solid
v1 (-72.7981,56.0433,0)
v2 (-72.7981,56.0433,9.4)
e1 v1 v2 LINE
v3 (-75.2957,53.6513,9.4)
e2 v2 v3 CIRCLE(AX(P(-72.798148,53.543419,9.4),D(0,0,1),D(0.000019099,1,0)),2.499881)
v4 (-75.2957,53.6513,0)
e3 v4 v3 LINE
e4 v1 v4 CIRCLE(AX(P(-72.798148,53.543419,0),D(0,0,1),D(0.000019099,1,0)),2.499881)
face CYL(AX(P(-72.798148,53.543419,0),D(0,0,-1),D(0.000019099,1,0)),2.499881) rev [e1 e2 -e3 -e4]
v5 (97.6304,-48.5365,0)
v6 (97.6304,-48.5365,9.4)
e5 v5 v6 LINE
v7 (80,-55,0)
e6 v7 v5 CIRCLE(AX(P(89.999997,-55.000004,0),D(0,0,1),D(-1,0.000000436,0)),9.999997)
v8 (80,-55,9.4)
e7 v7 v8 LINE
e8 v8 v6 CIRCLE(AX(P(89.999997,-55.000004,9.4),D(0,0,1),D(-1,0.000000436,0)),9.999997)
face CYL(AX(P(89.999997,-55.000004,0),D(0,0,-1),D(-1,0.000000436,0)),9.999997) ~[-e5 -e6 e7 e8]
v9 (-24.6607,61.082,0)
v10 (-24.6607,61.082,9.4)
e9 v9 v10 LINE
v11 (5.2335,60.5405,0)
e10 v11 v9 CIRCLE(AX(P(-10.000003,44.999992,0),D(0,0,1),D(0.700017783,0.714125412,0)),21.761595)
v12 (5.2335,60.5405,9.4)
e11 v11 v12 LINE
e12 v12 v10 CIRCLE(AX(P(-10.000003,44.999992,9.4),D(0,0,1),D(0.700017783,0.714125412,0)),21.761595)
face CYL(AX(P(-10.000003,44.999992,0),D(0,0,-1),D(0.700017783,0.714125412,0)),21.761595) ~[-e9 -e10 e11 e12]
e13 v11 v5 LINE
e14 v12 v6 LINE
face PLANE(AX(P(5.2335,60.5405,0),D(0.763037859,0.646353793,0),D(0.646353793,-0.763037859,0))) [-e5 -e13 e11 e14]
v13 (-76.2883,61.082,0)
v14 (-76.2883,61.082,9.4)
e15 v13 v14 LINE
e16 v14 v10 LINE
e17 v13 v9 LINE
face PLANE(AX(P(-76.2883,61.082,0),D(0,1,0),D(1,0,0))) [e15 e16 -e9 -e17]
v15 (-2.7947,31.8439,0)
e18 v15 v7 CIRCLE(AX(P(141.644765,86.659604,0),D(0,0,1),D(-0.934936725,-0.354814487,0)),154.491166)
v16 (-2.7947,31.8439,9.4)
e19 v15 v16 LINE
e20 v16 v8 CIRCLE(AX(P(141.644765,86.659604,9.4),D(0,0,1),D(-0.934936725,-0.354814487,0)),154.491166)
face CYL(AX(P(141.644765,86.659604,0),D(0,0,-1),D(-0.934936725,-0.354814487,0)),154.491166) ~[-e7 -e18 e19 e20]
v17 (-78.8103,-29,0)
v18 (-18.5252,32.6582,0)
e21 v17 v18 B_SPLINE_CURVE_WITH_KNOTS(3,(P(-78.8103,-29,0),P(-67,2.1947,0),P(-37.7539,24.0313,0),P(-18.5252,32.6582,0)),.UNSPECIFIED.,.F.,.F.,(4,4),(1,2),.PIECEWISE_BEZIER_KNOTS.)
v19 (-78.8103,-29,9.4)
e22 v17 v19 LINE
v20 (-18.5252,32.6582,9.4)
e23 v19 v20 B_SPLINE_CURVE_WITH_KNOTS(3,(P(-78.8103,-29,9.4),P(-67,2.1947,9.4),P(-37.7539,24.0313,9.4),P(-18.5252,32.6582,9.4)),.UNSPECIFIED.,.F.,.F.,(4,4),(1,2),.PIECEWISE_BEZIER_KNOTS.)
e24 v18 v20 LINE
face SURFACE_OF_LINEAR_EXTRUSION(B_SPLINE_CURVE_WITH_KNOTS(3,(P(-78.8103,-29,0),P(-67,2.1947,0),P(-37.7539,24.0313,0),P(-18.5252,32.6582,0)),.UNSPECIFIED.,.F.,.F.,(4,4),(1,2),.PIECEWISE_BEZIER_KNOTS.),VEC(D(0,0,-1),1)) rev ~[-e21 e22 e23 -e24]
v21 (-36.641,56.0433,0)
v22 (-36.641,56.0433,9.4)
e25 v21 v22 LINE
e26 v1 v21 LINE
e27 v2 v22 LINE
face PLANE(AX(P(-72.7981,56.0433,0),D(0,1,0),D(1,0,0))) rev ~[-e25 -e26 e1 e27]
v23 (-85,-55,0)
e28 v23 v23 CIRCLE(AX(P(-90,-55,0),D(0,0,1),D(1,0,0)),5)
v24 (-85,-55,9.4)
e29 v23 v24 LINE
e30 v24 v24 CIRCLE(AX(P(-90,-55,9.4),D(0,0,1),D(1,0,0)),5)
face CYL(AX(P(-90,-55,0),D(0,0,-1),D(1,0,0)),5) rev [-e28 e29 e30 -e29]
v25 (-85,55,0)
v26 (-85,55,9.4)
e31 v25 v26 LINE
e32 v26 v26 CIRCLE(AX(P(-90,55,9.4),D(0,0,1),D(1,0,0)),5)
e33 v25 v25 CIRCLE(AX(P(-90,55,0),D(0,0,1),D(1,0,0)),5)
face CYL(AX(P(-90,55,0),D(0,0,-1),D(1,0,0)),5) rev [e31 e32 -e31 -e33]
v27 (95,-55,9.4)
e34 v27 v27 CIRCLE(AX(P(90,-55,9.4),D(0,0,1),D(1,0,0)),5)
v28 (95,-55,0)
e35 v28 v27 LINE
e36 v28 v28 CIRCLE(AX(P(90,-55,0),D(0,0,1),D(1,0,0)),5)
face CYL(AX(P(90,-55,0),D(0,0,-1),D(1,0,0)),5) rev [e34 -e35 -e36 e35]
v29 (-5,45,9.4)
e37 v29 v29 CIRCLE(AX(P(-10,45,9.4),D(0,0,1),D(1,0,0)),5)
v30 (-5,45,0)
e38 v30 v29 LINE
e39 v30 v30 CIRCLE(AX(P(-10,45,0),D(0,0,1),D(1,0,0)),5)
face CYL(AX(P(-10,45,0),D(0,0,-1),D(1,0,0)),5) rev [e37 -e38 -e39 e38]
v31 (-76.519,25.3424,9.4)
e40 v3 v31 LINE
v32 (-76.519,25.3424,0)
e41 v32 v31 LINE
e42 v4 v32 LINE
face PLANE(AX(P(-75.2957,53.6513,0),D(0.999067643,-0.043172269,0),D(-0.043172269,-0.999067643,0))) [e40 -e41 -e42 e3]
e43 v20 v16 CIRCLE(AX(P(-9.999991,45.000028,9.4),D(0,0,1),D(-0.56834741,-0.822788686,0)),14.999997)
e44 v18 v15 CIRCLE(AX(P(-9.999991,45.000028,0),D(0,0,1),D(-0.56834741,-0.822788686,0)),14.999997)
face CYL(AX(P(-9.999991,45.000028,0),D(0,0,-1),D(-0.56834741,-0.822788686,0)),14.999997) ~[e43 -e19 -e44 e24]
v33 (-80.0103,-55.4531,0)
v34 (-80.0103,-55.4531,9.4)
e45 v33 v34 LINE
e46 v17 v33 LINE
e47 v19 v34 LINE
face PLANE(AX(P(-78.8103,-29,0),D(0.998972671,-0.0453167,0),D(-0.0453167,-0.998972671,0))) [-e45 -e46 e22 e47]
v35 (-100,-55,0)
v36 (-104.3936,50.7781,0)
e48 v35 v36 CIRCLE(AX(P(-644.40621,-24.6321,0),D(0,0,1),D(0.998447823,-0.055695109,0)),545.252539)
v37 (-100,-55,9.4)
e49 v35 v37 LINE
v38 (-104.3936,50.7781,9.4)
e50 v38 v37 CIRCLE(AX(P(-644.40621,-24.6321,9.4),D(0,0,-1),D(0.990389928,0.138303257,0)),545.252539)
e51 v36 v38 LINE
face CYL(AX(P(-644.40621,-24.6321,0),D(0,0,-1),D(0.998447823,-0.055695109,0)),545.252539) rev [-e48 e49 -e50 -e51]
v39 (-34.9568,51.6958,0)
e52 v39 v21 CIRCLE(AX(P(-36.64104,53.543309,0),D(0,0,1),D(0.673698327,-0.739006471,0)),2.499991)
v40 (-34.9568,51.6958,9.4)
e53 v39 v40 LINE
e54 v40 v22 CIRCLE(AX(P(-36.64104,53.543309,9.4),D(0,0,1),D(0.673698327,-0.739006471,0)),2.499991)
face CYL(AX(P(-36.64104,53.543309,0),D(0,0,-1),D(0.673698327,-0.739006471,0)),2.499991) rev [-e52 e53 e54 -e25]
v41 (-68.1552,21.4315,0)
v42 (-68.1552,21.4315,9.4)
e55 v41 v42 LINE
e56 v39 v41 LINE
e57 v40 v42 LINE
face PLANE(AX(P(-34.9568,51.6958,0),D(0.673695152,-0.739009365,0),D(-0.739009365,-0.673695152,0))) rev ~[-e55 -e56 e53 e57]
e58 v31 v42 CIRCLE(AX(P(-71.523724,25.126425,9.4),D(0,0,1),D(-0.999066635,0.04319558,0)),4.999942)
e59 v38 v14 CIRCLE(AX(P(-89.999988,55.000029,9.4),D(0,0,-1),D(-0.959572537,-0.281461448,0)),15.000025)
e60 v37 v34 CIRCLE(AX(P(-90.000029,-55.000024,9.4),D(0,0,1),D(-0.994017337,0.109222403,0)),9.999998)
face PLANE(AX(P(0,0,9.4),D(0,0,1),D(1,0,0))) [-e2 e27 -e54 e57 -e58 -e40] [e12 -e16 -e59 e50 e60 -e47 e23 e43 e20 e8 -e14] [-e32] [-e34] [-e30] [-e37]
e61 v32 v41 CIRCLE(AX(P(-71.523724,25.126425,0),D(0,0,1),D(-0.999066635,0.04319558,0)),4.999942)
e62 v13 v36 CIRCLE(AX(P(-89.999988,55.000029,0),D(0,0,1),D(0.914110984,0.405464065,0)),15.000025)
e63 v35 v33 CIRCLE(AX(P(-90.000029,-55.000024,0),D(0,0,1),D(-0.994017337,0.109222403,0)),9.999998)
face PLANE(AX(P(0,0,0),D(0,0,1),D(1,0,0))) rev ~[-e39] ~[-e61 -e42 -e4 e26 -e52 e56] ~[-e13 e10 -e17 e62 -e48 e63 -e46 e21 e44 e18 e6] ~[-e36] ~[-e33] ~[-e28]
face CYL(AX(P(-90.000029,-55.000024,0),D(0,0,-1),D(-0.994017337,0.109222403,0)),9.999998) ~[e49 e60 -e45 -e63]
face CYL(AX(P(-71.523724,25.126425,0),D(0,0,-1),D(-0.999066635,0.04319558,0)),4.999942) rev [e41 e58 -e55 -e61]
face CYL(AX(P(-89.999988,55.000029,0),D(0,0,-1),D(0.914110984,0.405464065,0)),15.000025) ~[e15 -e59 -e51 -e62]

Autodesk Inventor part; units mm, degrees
ref_plane "YZ Plane" through (0, 0, 0) normal (1, 0, 0) x (0, 1, 0)
ref_plane "XZ Plane" through (0, 0, 0) normal (0, 1, 0) x (-1, 0, 0)
ref_plane "XY Plane" through (0, 0, 0) normal (0, 0, 1) x (1, 0, 0)
sketch "Sketch1" plane through (0, 0, 0) normal (0, 0, 1) x (1, 0, 0)
  line L0 (-110, 70) -> (110, 70) construction
  line L1 (110, 70) -> (110, -70) construction
  line L2 (110, -70) -> (-110, -70) construction
  line L3 (-110, -70) -> (-110, 70) construction
  circle A0 centre (-90, 55) radius 5
  circle A1 centre (-90, -55) radius 5
  circle A2 centre (90, -55) radius 5
  circle A3 centre (-10, 45) radius 5
  line L4 (-67, 0) -> (-42, 0) construction
  line L5 (-42, 0) -> (-42, -30) construction
  line L6 (-42, -30) -> (-67, -30) construction
  line L7 (-67, -30) -> (-67, 0) construction
  circle A4 centre (-54.5, -19) radius 10 construction
  arc A5 (-76.2883, 61.082) -> (-104.3936, 50.7781) centre (-90, 55) ccw
  arc A6 (-99.9402, -53.9078) -> (-80.0103, -55.4531) centre (-90, -55) ccw
  arc A7 (-100, -55) -> (-105, 55) centre (-644.4063, -24.6321) ccw
  line L8 (-78.8103, -29) -> (-67, 2.1947) construction
  line L9 (-67, 2.1947) -> (-37.7539, 24.0313) construction
  line L10 (-37.7539, 24.0313) -> (-18.5252, 32.6582) construction
  spline S0 degree 3 poles (-78.8103, -29) (-67, 2.1947) (-37.7539, 24.0313) (-18.5252, 32.6582) knots 1 1 1 1 2 2 2 2
  line L11 (-34.9568, 51.6958) -> (-68.1552, 21.4315)
  line L12 (-75.2957, 53.6513) -> (-76.519, 25.3424)
  line L13 (-78.8103, -29) -> (-80.0103, -55.4531)
  arc A8 (80, -55) -> (97.6304, -48.5365) centre (90, -55) ccw
  line L14 (5.2335, 60.5405) -> (97.6304, -48.5365)
  arc A9 (-2.7947, 31.8439) -> (80, -55) centre (141.6446, 86.6595) ccw
  arc A10 (-18.5252, 32.6582) -> (-2.7947, 31.8439) centre (-10, 45) ccw
  arc A11 (5.2335, 60.5405) -> (-24.6607, 61.082) centre (-10, 45) ccw
  arc A12 (-76.519, 25.3424) -> (-68.1552, 21.4315) centre (-71.5236, 25.1265) ccw
  line L15 (-76.2883, 61.082) -> (-24.6607, 61.082)
  line L16 (-72.7981, 56.0433) -> (-36.641, 56.0433)
  arc A13 (-72.7981, 56.0433) -> (-75.2957, 53.6513) centre (-72.7981, 53.5433) ccw
  arc A14 (-34.9568, 51.6958) -> (-36.641, 56.0433) centre (-36.641, 53.5433) ccw
  point P0 (0, 0)
  dimension "d1" = 70
  dimension "d2" = 70
  dimension "d3" = 110
  dimension "d4" = 110
  dimension "d5" = 10
  dimension "d6" = 10
  dimension "d7" = 10
  dimension "d8" = 10
  dimension "d9" = 55
  dimension "d10" = 55
  dimension "d11" = 55
  dimension "d12" = 180
  dimension "d13" = 90
  dimension "d15" = 10
  dimension "d16" = 45
  dimension "d17" = 42
  dimension "d18" = 30
  dimension "d19" = 0
  dimension "d20" = 25
  dimension "d21" = 20
  dimension "d25" = 19
  dimension "d26" = 12.5
  dimension "d67" = 90
  dimension "d68" = 30
  dimension "d70" = 20
  dimension "d71" = 20
  dimension "d74" = 10
  dimension "d75" = 5
  dimension "d76" = 5
extrude "Extrusion6" add sketch "Sketch1" along normal blind 9.4 contours L15 A11 L14 A8 A9 A10 S0 L13 A6 A7 A5 | A7 A5
equation "\"d1\" = d2"
equation "\"d4\" = d3"
equation "\"d10\" = d9"
equation "\"d11\" = d9"
equation "\"d26\" = 0.5 * d20"
properties part number "Bracket Concept MK9"
